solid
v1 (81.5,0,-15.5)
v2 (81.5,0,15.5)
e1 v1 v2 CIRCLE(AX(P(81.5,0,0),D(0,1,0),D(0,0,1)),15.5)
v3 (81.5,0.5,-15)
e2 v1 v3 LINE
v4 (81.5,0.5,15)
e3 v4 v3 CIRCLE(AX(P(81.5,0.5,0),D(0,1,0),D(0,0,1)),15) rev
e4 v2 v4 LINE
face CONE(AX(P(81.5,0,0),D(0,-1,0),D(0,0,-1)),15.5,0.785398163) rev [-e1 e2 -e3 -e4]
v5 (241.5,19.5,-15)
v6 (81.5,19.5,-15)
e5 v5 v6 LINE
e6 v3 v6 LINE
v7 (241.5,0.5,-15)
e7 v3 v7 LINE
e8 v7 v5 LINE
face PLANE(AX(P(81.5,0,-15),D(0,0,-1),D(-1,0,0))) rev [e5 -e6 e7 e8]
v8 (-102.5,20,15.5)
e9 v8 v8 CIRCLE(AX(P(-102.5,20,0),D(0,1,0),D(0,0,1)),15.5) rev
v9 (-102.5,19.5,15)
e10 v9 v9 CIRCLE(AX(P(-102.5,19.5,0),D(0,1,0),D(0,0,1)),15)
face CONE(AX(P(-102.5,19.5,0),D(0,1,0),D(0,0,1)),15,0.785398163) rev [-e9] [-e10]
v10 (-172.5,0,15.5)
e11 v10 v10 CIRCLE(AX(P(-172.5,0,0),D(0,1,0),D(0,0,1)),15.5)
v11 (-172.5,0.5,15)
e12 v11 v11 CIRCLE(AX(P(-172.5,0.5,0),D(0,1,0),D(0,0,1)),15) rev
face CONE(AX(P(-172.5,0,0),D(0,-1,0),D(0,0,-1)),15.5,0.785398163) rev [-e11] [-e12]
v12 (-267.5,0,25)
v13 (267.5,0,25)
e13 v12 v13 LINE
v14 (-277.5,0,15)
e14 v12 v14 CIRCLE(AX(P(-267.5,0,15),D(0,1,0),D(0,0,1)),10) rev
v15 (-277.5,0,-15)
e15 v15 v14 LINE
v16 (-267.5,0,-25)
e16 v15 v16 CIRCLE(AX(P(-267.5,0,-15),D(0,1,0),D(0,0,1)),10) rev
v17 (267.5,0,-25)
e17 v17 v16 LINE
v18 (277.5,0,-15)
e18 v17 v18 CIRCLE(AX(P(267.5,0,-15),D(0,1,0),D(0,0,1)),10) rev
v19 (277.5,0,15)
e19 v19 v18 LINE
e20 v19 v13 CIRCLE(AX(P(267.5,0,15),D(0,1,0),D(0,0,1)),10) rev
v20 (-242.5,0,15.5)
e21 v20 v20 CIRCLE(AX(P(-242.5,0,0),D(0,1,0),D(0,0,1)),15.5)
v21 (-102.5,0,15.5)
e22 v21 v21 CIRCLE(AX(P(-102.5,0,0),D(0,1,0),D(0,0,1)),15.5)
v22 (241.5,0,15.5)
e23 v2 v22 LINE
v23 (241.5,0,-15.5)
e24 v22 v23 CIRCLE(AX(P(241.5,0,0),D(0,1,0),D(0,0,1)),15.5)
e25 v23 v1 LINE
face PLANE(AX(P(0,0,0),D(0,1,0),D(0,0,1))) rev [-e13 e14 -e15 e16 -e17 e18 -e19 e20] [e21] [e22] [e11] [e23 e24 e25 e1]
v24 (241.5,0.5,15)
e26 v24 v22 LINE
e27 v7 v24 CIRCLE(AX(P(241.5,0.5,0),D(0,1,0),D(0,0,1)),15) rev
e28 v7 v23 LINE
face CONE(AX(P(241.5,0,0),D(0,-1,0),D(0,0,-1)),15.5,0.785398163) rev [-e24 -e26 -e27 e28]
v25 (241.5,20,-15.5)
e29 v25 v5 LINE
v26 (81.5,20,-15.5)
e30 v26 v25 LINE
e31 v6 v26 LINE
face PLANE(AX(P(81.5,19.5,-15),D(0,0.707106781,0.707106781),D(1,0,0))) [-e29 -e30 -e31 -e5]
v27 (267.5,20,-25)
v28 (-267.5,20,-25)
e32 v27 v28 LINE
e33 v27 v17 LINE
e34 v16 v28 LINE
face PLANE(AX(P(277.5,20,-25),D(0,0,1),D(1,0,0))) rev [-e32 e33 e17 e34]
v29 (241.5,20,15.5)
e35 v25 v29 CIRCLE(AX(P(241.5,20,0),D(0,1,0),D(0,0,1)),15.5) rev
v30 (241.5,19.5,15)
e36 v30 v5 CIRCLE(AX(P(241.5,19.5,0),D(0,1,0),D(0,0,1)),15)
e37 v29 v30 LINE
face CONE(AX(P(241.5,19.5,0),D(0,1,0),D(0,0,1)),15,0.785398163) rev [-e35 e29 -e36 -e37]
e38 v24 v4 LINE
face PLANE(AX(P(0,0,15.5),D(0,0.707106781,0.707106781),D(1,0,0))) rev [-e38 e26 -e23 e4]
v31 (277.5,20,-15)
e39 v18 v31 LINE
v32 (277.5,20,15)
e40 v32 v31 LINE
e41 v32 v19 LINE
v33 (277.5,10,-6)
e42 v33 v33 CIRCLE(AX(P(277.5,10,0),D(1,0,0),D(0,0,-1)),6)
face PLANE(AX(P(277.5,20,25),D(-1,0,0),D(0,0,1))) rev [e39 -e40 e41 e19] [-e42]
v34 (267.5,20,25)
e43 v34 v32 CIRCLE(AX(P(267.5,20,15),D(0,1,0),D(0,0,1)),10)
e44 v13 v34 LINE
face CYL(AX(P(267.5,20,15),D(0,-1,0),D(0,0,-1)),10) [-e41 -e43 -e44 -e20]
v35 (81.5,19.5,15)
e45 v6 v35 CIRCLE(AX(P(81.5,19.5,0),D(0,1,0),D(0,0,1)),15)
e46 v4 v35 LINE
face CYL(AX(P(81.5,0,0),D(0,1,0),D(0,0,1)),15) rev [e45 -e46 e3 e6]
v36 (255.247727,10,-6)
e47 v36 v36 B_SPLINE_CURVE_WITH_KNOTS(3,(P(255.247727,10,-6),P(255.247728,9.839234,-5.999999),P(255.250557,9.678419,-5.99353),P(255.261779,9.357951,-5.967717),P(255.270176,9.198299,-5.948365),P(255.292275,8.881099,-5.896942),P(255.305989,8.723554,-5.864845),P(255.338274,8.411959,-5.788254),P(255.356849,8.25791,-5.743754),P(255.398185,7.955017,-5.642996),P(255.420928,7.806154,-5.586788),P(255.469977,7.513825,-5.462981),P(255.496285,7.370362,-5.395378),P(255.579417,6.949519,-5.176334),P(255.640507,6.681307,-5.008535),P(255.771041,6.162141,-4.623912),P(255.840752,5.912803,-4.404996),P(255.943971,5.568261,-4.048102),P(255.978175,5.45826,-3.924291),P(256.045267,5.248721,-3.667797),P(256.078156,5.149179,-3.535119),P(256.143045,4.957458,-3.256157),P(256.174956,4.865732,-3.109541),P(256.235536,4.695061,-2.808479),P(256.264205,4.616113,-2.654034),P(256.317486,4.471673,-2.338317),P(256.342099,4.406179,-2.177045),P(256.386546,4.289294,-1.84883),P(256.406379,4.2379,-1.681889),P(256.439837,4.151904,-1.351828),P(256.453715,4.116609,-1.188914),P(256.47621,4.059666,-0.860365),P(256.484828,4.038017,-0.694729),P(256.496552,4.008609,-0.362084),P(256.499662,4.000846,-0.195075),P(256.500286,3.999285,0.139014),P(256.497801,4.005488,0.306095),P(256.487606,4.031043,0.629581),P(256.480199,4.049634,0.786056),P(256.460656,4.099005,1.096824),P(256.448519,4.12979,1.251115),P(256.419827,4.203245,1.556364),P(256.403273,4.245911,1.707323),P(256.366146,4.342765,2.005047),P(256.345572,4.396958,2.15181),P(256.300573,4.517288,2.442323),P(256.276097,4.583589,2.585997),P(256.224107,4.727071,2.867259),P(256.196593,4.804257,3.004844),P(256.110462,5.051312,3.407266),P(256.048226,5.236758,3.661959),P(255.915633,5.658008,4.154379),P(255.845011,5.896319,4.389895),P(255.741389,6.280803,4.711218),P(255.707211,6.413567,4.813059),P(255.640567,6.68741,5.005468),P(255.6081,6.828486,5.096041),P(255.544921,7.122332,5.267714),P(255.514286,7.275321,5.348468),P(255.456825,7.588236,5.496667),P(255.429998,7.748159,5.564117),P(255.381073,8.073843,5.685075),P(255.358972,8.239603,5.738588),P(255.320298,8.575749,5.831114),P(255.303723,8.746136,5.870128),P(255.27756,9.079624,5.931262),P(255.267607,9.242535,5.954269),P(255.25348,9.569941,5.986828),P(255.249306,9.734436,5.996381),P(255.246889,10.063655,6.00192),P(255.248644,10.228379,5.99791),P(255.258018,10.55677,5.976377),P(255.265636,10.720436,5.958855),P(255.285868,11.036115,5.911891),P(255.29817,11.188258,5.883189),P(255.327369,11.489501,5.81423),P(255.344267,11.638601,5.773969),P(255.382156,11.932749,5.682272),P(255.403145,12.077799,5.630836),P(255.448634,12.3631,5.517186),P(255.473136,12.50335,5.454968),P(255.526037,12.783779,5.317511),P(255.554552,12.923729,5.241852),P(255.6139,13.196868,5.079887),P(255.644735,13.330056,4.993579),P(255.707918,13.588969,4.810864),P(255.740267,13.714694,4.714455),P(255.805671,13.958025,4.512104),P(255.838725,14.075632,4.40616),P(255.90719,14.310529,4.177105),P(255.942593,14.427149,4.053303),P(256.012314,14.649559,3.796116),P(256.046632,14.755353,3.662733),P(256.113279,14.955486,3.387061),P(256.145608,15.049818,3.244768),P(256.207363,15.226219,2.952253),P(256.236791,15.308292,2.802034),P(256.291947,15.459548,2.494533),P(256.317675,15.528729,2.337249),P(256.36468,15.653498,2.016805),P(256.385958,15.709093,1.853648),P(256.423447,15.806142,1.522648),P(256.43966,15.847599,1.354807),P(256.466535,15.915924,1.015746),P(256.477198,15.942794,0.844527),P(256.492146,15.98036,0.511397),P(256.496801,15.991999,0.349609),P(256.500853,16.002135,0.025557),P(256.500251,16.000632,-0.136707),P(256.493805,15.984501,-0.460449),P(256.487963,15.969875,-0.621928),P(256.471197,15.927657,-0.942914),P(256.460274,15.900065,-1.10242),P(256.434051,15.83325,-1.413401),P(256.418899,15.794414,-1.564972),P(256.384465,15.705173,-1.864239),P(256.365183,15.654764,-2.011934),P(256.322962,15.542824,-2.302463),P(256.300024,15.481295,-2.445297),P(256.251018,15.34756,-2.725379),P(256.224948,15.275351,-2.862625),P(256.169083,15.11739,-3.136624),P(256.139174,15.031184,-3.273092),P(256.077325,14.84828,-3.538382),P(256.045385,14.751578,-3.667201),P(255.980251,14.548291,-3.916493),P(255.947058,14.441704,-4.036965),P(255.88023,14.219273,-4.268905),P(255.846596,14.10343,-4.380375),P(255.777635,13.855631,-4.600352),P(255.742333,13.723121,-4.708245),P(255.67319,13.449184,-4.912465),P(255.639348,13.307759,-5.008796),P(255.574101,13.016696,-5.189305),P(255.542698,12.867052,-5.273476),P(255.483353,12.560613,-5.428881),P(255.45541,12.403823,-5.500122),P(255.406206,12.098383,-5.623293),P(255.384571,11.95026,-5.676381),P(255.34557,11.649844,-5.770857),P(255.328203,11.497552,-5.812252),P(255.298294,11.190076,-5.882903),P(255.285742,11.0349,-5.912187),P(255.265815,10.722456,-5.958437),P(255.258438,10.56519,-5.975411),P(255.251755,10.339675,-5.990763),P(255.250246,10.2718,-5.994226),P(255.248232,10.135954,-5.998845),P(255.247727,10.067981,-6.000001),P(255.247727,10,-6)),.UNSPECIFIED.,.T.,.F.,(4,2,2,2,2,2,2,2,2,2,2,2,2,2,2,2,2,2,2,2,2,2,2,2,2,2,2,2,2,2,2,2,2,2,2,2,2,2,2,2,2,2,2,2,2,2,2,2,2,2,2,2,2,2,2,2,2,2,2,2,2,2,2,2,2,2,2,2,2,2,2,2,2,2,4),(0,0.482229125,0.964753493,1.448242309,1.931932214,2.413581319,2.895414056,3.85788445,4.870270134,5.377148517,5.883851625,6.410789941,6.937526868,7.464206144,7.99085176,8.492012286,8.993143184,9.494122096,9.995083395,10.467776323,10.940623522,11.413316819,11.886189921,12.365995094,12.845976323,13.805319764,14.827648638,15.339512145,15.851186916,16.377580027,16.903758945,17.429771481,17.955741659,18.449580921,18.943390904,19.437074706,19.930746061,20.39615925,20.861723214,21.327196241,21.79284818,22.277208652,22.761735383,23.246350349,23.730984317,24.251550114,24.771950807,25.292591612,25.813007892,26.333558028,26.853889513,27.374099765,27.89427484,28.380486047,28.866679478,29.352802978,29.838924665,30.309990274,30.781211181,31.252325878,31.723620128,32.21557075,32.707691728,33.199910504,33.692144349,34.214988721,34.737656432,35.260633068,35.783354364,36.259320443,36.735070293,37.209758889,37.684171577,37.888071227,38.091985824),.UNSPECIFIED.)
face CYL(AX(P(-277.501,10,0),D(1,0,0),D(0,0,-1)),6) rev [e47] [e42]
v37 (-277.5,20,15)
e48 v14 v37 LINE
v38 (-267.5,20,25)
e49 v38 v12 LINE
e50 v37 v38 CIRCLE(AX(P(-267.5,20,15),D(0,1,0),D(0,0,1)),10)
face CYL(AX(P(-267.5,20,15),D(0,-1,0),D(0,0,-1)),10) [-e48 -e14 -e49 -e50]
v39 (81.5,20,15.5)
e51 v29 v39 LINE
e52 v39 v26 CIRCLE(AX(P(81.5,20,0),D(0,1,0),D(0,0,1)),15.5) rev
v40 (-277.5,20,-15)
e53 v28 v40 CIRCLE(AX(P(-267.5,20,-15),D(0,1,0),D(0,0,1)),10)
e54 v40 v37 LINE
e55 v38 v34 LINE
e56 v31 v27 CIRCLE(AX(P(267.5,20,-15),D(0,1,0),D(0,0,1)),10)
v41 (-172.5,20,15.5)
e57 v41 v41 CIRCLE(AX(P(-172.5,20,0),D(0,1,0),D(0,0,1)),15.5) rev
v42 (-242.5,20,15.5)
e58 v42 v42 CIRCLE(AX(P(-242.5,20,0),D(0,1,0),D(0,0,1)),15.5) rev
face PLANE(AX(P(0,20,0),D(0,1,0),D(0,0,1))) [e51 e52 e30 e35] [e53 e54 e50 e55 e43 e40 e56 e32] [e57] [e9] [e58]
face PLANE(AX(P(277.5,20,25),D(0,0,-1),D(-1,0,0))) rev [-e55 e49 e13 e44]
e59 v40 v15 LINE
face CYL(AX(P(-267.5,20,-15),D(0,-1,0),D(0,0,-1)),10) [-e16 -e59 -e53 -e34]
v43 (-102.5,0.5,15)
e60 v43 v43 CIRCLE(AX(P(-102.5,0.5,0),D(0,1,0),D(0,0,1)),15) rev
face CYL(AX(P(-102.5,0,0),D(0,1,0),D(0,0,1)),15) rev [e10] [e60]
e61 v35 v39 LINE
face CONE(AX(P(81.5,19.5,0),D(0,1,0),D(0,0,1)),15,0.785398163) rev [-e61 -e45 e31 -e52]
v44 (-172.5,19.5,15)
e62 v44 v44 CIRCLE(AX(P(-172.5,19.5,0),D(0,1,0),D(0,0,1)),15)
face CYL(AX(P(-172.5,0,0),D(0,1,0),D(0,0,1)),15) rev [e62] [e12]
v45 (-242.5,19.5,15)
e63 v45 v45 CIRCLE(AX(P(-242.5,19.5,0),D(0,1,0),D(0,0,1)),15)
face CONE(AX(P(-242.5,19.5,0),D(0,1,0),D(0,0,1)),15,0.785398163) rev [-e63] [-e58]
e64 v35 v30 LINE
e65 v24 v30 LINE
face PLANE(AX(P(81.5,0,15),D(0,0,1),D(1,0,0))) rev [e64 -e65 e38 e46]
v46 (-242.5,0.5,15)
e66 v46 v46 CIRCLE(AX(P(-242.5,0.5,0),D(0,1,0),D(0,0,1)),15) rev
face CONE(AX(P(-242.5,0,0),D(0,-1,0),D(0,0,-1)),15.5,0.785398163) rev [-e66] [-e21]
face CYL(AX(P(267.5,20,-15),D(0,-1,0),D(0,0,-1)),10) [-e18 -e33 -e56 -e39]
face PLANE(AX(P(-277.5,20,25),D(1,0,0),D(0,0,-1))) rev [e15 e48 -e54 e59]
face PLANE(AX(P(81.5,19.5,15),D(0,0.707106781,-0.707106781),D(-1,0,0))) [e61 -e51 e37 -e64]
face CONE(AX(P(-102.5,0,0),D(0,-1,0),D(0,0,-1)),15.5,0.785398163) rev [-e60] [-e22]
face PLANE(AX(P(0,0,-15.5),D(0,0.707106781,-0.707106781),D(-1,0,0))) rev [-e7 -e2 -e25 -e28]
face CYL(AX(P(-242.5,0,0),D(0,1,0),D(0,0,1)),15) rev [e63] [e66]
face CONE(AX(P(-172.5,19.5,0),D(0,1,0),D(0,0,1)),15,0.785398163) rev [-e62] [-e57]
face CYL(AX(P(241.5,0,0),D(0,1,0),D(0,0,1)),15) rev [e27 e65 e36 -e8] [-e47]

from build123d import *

# Parameters (mm, degrees)
SKETCH_1_W               = 555
SKETCH_1_H               = 50
EXTRUDE_1_DEPTH          = 20
SKETCH_2_R               = 15
CUT_EXTRUDE_1_DEPTH      = 280.340741747
CUT_EXTRUDE_2_REACH      = 557.923
CUT_EXTRUDE_2_END_RADIUS = 15
SKETCH_3_R               = 6
FILLET_1_R               = 10
CHAMFER_1_SIZE           = 0.5


with BuildPart() as part:
    # 草图1 → 凸台-拉伸1 (new body)
    with BuildSketch(Plane(origin=(0, 0, 0), x_dir=(1, 0, 0), z_dir=(0, 1, 0))):
        Rectangle(SKETCH_1_W, SKETCH_1_H)
    extrude(amount=EXTRUDE_1_DEPTH)

    # 草图2 → 切除-拉伸1 (cut, through all)
    with BuildSketch(Plane(origin=(0, 20, 0), x_dir=(1, 0, 0), z_dir=(0, 1, 0))):
        with Locations(Location((-242.5, 0, 0), (0, 0, 270))):
            Circle(SKETCH_2_R)
        with Locations(Location((-172.5, 0, 0), (0, 0, 270))):
            Circle(SKETCH_2_R)
        with Locations(Location((-102.5, 0, 0), (0, 0, 270))):
            Circle(SKETCH_2_R)
        with BuildLine():
            Line((81.5, 15), (241.5, 15))
            ThreePointArc((241.5, 15), (256.5, 0), (241.5, -15))
            Line((241.5, -15), (81.5, -15))
            ThreePointArc((81.5, -15), (66.5, 0), (81.5, 15))
        make_face()
    extrude(amount=-CUT_EXTRUDE_1_DEPTH, mode=Mode.SUBTRACT)

    # 切除-拉伸2: up to this cylinder (the profile starts outside it)
    cut_extrude_2_end = Plane(origin=(241.5, 10, 0), z_dir=(0, 1, 0)) * Cylinder(CUT_EXTRUDE_2_END_RADIUS, 1146.846, mode=Mode.PRIVATE)
    # 草图3 → 切除-拉伸2 (cut, up to the surface)
    with BuildSketch(Plane(origin=(277.5, 0, 0), x_dir=(0, 0, -1), z_dir=(1, 0, 0)), mode=Mode.PRIVATE) as cut_extrude_2_sk1:
        with Locations((0, 10)):
            Circle(SKETCH_3_R)
    cut_extrude_2_tool1 = extrude(cut_extrude_2_sk1.sketch, amount=-CUT_EXTRUDE_2_REACH, mode=Mode.PRIVATE) - cut_extrude_2_end
    add(cut_extrude_2_tool1.solids().sort_by_distance((277.5, 10, 0))[0], mode=Mode.SUBTRACT)

    # 圆角1
    fillet_1_edges = [part.edges().sort_by_distance(p)[0] for p in [
        (-277.5, 10, -25),
        (277.5, 10, -25),
        (277.5, 10, 25),
        (-277.5, 10, 25),
    ]]
    fillet(fillet_1_edges, radius=FILLET_1_R)

    # 倒角1
    chamfer_1_edges = [part.edges().sort_by_distance(p)[0] for p in [
        (-242.5, 0, -15),
        (-242.5, 20, -15),
        (-172.5, 0, -15),
        (-172.5, 20, -15),
        (-102.5, 0, -15),
        (-102.5, 20, -15),
        (66.5, 0, 0),
        (161.5, 0, -15),
        (256.5, 0, 0),
        (161.5, 0, 15),
        (66.5, 20, 0),
        (161.5, 20, 15),
        (256.5, 20, 0),
        (161.5, 20, -15),
    ]]
    chamfer(chamfer_1_edges, length=CHAMFER_1_SIZE)


solid = part.part
